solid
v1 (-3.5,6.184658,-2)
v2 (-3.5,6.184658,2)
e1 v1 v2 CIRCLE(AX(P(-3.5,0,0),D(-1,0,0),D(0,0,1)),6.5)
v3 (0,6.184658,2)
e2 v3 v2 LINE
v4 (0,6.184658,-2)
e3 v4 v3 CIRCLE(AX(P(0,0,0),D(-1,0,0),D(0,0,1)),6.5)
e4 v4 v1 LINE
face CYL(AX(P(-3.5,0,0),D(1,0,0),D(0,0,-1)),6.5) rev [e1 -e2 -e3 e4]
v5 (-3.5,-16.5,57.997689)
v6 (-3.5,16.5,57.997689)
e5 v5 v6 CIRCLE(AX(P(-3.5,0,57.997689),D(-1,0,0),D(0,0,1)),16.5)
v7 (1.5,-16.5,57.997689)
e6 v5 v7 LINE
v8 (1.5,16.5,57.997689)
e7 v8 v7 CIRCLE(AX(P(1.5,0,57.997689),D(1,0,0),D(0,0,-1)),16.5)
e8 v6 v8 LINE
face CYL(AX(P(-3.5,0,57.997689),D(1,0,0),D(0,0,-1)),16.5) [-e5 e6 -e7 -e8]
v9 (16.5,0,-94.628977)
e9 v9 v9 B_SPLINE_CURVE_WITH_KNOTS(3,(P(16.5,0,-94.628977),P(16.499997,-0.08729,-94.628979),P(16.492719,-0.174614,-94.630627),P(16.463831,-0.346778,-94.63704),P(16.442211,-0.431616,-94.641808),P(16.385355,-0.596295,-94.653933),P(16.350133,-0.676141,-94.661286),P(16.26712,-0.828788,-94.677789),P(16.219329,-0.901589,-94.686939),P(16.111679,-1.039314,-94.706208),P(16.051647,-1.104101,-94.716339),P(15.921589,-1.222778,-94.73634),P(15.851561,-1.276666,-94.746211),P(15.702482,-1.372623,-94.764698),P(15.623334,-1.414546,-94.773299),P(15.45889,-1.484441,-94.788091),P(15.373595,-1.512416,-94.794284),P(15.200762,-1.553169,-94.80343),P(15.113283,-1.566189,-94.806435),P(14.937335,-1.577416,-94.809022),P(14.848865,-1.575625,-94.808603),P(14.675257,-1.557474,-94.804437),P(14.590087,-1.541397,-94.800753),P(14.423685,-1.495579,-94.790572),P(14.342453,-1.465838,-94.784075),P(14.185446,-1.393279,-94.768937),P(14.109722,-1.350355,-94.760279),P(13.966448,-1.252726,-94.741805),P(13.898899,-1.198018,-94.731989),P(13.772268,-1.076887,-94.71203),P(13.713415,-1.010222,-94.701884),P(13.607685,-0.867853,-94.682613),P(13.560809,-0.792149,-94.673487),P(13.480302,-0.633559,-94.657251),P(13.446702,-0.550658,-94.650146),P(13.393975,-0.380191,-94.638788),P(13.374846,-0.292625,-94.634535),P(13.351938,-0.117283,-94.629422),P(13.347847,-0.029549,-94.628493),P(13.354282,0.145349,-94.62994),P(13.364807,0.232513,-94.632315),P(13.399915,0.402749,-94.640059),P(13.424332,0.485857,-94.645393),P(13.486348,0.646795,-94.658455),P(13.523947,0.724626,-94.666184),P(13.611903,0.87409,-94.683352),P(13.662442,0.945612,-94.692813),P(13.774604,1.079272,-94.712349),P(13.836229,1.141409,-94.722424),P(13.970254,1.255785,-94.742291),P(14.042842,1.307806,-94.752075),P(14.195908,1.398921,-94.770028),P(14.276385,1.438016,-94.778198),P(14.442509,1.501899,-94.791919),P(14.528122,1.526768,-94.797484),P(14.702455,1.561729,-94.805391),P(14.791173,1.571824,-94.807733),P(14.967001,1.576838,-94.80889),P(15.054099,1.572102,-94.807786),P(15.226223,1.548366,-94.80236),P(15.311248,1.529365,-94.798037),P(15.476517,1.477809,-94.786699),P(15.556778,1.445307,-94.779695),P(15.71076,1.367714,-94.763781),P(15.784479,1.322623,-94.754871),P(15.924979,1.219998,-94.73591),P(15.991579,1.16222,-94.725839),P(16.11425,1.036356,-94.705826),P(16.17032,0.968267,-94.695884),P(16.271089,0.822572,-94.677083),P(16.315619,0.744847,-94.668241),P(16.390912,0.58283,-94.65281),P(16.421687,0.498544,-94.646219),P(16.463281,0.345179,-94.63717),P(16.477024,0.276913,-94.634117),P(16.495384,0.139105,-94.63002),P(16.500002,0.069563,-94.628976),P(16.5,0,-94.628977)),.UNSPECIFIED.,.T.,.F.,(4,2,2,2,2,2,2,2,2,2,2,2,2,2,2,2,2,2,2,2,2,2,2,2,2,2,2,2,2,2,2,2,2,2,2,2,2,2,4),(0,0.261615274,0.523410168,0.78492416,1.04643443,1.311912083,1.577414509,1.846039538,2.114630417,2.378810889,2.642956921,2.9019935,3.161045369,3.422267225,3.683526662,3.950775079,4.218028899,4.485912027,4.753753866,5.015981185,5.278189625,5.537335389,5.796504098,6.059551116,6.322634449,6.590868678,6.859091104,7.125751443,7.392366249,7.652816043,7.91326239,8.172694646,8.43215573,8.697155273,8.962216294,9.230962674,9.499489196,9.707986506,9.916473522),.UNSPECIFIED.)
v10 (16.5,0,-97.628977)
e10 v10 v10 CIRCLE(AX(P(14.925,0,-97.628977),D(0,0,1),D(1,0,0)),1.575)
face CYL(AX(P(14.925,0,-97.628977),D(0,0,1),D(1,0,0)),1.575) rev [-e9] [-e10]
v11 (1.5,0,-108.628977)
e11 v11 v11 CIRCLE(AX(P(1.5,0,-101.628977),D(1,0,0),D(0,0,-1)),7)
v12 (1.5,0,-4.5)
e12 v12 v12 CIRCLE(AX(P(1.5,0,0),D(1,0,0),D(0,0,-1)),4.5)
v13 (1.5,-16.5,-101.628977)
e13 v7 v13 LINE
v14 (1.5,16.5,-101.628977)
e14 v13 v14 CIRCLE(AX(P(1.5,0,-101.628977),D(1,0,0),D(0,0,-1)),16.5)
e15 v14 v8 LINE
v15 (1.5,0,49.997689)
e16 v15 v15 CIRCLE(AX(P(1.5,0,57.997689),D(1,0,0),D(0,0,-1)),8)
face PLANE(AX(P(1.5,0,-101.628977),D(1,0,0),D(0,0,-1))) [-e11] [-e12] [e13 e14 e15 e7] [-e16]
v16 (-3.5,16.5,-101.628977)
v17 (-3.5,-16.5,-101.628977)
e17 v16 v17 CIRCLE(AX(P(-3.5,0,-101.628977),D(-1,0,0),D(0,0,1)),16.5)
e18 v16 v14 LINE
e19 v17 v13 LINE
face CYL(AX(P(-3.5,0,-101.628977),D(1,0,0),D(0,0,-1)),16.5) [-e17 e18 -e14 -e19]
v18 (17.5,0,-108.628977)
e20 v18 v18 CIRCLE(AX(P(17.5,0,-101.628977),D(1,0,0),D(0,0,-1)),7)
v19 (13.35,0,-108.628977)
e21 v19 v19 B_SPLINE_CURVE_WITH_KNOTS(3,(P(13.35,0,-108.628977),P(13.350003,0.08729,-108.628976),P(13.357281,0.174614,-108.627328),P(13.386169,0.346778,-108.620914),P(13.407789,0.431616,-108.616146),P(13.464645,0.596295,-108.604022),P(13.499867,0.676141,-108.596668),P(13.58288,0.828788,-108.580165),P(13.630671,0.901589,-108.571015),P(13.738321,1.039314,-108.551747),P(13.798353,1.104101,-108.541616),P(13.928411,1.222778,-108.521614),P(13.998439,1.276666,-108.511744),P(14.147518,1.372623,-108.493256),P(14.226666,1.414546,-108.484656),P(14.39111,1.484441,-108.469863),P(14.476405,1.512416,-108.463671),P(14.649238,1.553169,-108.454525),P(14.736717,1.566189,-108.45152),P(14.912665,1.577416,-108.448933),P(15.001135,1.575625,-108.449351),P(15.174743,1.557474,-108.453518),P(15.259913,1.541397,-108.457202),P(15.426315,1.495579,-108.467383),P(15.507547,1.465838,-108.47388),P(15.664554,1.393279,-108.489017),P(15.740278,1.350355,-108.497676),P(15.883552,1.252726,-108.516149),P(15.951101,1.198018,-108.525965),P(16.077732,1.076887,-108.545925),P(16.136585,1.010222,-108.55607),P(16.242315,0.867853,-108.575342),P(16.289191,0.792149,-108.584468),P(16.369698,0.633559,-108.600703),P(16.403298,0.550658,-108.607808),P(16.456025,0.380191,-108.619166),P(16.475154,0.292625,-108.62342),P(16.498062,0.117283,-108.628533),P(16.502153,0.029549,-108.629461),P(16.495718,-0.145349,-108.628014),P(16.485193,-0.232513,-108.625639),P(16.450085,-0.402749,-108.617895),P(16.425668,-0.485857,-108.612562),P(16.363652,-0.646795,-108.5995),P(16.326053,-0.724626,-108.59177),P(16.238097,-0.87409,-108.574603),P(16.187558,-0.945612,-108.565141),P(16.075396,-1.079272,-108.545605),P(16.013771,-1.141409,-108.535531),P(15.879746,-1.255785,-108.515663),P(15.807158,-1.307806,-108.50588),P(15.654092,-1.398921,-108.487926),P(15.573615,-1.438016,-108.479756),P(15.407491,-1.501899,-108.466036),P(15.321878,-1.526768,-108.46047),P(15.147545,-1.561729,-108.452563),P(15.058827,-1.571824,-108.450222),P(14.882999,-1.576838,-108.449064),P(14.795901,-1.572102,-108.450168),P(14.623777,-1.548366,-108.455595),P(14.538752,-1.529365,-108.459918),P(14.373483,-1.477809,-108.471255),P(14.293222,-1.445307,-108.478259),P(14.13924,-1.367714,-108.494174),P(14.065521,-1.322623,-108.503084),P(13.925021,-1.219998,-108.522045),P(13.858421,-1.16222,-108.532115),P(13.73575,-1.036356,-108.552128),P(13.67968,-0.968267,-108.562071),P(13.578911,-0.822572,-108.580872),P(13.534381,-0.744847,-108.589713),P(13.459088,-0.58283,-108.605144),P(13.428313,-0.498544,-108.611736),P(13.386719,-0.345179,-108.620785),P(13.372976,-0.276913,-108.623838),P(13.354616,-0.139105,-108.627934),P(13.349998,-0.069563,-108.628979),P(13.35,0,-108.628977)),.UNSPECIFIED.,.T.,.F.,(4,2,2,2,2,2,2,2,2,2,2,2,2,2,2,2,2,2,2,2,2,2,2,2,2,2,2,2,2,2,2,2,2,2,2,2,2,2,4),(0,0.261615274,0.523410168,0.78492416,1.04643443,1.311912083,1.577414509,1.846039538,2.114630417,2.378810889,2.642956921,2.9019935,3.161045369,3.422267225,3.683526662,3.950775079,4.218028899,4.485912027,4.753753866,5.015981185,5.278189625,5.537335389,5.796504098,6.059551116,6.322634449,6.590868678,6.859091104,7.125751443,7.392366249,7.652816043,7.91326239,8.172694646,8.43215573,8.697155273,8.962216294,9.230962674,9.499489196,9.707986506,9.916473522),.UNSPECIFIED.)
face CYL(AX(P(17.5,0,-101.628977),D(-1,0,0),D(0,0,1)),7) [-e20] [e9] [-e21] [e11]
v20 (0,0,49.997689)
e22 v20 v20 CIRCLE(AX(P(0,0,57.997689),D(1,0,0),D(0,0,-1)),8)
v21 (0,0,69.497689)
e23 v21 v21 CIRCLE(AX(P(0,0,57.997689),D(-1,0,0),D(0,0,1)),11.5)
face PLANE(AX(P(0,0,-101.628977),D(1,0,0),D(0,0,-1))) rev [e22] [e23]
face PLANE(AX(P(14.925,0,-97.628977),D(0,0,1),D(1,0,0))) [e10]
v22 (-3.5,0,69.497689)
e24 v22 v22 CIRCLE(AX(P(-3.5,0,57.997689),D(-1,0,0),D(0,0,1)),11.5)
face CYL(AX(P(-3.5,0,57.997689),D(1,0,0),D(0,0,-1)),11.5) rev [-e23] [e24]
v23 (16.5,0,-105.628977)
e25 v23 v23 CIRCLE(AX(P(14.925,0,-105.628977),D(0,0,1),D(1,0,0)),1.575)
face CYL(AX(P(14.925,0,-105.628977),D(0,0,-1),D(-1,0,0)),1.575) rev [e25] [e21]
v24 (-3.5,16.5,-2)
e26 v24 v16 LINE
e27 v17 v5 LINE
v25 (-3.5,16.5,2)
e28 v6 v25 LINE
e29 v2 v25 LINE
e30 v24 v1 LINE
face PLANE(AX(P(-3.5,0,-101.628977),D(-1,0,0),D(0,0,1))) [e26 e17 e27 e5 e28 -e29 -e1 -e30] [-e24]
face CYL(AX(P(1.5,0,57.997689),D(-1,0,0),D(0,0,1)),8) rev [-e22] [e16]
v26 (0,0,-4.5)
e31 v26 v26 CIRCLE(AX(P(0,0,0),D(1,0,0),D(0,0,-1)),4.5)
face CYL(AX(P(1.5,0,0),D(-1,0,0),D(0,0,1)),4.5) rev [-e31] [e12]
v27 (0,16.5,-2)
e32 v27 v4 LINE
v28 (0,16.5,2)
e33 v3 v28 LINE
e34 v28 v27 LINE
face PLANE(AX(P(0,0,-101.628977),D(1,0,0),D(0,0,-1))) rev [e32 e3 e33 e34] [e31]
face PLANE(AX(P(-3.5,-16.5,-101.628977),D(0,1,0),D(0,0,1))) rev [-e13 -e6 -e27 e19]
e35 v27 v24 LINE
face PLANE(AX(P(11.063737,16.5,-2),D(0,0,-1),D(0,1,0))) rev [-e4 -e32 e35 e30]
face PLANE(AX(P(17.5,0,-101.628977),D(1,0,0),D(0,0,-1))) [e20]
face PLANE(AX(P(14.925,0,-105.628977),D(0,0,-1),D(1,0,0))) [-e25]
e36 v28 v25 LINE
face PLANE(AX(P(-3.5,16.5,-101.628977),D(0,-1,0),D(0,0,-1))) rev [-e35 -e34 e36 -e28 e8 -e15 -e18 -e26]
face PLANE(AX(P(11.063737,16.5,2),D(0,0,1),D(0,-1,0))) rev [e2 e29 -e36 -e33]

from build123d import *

# Parameters (mm, degrees)
SKETCH3_R           = 6.5
SKETCH3_R_2         = 11.5
BOSS_EXTRUDE2_DEPTH = 3.5
BOSS_EXTRUDE3_START = 1.5
SKETCH4_R           = 8
SKETCH4_R_2         = 4.5
BOSS_EXTRUDE3_DEPTH = 1.5
SKETCH6_R           = 7
BOSS_EXTRUDE4_DEPTH = 16
CUT_EXTRUDE1_START  = -3.5
CUT_EXTRUDE1_DEPTH  = 3.5
SKETCH8_R           = 1.575
CUT_EXTRUDE2_DEPTH  = 3


with BuildPart() as part:
    # Sketch3 → Boss-Extrude2 (new body)
    with BuildSketch(Plane(origin=(0, 20, 0), x_dir=(0, 1, 0), z_dir=(-1, 0, 0))):
        with BuildLine():
            Line((-3.5, 101.628977271), (-3.5, -57.9976886))
            ThreePointArc((-3.5, -57.9976886), (-20, -74.4976886), (-36.5, -57.9976886))
            Line((-36.5, -57.9976886), (-36.5, 101.628977271))
            ThreePointArc((-36.5, 101.628977271), (-20, 118.128977271), (-3.5, 101.628977271))
        make_face()
        with Locations(Location((-20, 0, 0), (0, 0, 270))):
            Circle(SKETCH3_R, mode=Mode.SUBTRACT)
        with Locations(Location((-20, -57.9976886, 0), (0, 0, 270))):
            Circle(SKETCH3_R_2, mode=Mode.SUBTRACT)
    extrude(amount=BOSS_EXTRUDE2_DEPTH)

    # Sketch4 → Boss-Extrude3 (add)
    with BuildSketch(Plane(origin=(0, 0, 0), x_dir=(0, 0, -1), z_dir=(1, 0, 0)).offset(BOSS_EXTRUDE3_START)):
        with BuildLine():
            Line((101.628977271, 16.5), (-57.9976886, 16.5))
            ThreePointArc((-57.9976886, 16.5), (-74.4976886, 0), (-57.9976886, -16.5))
            Line((-57.9976886, -16.5), (101.628977271, -16.5))
            ThreePointArc((101.628977271, -16.5), (118.128977271, 0), (101.628977271, 16.5))
        make_face()
        with Locations((-57.9976886, 0)):
            Circle(SKETCH4_R, mode=Mode.SUBTRACT)
        Circle(SKETCH4_R_2, mode=Mode.SUBTRACT)
    extrude(amount=-BOSS_EXTRUDE3_DEPTH)

    # Sketch6 → Boss-Extrude4 (add)
    with BuildSketch(Plane(origin=(1.5, 0, 0), x_dir=(0, 0, -1), z_dir=(1, 0, 0))):
        with Locations((101.628977271, 0)):
            Circle(SKETCH6_R)
    extrude(amount=BOSS_EXTRUDE4_DEPTH)

    # Sketch7 → Cut-Extrude1 (cut)
    with BuildSketch(Plane.ZY.offset(3.5).offset(CUT_EXTRUDE1_START)):
        with BuildLine():
            Line((-2, 16.5), (-2, 6.184658438))
            ThreePointArc((-2, 6.184658438), (0, 6.5), (2, 6.184658438))
            Line((2, 6.184658438), (2, 16.5))
            Line((2, 16.5), (-2, 16.5))
        make_face()
    extrude(amount=CUT_EXTRUDE1_DEPTH, mode=Mode.SUBTRACT)

    # Sketch8 → Cut-Extrude2 (cut)
    with BuildSketch(Plane.XY.offset(-94.628977271)):
        with Locations((14.925, 0)):
            Circle(SKETCH8_R)
    cut_extrude2 = extrude(amount=-CUT_EXTRUDE2_DEPTH, mode=Mode.SUBTRACT)

    # Mirror1: Cut-Extrude2 across plane
    add(cut_extrude2.mirror(Plane.XY.offset(-101.628977271)), mode=Mode.SUBTRACT)


solid = part.part
